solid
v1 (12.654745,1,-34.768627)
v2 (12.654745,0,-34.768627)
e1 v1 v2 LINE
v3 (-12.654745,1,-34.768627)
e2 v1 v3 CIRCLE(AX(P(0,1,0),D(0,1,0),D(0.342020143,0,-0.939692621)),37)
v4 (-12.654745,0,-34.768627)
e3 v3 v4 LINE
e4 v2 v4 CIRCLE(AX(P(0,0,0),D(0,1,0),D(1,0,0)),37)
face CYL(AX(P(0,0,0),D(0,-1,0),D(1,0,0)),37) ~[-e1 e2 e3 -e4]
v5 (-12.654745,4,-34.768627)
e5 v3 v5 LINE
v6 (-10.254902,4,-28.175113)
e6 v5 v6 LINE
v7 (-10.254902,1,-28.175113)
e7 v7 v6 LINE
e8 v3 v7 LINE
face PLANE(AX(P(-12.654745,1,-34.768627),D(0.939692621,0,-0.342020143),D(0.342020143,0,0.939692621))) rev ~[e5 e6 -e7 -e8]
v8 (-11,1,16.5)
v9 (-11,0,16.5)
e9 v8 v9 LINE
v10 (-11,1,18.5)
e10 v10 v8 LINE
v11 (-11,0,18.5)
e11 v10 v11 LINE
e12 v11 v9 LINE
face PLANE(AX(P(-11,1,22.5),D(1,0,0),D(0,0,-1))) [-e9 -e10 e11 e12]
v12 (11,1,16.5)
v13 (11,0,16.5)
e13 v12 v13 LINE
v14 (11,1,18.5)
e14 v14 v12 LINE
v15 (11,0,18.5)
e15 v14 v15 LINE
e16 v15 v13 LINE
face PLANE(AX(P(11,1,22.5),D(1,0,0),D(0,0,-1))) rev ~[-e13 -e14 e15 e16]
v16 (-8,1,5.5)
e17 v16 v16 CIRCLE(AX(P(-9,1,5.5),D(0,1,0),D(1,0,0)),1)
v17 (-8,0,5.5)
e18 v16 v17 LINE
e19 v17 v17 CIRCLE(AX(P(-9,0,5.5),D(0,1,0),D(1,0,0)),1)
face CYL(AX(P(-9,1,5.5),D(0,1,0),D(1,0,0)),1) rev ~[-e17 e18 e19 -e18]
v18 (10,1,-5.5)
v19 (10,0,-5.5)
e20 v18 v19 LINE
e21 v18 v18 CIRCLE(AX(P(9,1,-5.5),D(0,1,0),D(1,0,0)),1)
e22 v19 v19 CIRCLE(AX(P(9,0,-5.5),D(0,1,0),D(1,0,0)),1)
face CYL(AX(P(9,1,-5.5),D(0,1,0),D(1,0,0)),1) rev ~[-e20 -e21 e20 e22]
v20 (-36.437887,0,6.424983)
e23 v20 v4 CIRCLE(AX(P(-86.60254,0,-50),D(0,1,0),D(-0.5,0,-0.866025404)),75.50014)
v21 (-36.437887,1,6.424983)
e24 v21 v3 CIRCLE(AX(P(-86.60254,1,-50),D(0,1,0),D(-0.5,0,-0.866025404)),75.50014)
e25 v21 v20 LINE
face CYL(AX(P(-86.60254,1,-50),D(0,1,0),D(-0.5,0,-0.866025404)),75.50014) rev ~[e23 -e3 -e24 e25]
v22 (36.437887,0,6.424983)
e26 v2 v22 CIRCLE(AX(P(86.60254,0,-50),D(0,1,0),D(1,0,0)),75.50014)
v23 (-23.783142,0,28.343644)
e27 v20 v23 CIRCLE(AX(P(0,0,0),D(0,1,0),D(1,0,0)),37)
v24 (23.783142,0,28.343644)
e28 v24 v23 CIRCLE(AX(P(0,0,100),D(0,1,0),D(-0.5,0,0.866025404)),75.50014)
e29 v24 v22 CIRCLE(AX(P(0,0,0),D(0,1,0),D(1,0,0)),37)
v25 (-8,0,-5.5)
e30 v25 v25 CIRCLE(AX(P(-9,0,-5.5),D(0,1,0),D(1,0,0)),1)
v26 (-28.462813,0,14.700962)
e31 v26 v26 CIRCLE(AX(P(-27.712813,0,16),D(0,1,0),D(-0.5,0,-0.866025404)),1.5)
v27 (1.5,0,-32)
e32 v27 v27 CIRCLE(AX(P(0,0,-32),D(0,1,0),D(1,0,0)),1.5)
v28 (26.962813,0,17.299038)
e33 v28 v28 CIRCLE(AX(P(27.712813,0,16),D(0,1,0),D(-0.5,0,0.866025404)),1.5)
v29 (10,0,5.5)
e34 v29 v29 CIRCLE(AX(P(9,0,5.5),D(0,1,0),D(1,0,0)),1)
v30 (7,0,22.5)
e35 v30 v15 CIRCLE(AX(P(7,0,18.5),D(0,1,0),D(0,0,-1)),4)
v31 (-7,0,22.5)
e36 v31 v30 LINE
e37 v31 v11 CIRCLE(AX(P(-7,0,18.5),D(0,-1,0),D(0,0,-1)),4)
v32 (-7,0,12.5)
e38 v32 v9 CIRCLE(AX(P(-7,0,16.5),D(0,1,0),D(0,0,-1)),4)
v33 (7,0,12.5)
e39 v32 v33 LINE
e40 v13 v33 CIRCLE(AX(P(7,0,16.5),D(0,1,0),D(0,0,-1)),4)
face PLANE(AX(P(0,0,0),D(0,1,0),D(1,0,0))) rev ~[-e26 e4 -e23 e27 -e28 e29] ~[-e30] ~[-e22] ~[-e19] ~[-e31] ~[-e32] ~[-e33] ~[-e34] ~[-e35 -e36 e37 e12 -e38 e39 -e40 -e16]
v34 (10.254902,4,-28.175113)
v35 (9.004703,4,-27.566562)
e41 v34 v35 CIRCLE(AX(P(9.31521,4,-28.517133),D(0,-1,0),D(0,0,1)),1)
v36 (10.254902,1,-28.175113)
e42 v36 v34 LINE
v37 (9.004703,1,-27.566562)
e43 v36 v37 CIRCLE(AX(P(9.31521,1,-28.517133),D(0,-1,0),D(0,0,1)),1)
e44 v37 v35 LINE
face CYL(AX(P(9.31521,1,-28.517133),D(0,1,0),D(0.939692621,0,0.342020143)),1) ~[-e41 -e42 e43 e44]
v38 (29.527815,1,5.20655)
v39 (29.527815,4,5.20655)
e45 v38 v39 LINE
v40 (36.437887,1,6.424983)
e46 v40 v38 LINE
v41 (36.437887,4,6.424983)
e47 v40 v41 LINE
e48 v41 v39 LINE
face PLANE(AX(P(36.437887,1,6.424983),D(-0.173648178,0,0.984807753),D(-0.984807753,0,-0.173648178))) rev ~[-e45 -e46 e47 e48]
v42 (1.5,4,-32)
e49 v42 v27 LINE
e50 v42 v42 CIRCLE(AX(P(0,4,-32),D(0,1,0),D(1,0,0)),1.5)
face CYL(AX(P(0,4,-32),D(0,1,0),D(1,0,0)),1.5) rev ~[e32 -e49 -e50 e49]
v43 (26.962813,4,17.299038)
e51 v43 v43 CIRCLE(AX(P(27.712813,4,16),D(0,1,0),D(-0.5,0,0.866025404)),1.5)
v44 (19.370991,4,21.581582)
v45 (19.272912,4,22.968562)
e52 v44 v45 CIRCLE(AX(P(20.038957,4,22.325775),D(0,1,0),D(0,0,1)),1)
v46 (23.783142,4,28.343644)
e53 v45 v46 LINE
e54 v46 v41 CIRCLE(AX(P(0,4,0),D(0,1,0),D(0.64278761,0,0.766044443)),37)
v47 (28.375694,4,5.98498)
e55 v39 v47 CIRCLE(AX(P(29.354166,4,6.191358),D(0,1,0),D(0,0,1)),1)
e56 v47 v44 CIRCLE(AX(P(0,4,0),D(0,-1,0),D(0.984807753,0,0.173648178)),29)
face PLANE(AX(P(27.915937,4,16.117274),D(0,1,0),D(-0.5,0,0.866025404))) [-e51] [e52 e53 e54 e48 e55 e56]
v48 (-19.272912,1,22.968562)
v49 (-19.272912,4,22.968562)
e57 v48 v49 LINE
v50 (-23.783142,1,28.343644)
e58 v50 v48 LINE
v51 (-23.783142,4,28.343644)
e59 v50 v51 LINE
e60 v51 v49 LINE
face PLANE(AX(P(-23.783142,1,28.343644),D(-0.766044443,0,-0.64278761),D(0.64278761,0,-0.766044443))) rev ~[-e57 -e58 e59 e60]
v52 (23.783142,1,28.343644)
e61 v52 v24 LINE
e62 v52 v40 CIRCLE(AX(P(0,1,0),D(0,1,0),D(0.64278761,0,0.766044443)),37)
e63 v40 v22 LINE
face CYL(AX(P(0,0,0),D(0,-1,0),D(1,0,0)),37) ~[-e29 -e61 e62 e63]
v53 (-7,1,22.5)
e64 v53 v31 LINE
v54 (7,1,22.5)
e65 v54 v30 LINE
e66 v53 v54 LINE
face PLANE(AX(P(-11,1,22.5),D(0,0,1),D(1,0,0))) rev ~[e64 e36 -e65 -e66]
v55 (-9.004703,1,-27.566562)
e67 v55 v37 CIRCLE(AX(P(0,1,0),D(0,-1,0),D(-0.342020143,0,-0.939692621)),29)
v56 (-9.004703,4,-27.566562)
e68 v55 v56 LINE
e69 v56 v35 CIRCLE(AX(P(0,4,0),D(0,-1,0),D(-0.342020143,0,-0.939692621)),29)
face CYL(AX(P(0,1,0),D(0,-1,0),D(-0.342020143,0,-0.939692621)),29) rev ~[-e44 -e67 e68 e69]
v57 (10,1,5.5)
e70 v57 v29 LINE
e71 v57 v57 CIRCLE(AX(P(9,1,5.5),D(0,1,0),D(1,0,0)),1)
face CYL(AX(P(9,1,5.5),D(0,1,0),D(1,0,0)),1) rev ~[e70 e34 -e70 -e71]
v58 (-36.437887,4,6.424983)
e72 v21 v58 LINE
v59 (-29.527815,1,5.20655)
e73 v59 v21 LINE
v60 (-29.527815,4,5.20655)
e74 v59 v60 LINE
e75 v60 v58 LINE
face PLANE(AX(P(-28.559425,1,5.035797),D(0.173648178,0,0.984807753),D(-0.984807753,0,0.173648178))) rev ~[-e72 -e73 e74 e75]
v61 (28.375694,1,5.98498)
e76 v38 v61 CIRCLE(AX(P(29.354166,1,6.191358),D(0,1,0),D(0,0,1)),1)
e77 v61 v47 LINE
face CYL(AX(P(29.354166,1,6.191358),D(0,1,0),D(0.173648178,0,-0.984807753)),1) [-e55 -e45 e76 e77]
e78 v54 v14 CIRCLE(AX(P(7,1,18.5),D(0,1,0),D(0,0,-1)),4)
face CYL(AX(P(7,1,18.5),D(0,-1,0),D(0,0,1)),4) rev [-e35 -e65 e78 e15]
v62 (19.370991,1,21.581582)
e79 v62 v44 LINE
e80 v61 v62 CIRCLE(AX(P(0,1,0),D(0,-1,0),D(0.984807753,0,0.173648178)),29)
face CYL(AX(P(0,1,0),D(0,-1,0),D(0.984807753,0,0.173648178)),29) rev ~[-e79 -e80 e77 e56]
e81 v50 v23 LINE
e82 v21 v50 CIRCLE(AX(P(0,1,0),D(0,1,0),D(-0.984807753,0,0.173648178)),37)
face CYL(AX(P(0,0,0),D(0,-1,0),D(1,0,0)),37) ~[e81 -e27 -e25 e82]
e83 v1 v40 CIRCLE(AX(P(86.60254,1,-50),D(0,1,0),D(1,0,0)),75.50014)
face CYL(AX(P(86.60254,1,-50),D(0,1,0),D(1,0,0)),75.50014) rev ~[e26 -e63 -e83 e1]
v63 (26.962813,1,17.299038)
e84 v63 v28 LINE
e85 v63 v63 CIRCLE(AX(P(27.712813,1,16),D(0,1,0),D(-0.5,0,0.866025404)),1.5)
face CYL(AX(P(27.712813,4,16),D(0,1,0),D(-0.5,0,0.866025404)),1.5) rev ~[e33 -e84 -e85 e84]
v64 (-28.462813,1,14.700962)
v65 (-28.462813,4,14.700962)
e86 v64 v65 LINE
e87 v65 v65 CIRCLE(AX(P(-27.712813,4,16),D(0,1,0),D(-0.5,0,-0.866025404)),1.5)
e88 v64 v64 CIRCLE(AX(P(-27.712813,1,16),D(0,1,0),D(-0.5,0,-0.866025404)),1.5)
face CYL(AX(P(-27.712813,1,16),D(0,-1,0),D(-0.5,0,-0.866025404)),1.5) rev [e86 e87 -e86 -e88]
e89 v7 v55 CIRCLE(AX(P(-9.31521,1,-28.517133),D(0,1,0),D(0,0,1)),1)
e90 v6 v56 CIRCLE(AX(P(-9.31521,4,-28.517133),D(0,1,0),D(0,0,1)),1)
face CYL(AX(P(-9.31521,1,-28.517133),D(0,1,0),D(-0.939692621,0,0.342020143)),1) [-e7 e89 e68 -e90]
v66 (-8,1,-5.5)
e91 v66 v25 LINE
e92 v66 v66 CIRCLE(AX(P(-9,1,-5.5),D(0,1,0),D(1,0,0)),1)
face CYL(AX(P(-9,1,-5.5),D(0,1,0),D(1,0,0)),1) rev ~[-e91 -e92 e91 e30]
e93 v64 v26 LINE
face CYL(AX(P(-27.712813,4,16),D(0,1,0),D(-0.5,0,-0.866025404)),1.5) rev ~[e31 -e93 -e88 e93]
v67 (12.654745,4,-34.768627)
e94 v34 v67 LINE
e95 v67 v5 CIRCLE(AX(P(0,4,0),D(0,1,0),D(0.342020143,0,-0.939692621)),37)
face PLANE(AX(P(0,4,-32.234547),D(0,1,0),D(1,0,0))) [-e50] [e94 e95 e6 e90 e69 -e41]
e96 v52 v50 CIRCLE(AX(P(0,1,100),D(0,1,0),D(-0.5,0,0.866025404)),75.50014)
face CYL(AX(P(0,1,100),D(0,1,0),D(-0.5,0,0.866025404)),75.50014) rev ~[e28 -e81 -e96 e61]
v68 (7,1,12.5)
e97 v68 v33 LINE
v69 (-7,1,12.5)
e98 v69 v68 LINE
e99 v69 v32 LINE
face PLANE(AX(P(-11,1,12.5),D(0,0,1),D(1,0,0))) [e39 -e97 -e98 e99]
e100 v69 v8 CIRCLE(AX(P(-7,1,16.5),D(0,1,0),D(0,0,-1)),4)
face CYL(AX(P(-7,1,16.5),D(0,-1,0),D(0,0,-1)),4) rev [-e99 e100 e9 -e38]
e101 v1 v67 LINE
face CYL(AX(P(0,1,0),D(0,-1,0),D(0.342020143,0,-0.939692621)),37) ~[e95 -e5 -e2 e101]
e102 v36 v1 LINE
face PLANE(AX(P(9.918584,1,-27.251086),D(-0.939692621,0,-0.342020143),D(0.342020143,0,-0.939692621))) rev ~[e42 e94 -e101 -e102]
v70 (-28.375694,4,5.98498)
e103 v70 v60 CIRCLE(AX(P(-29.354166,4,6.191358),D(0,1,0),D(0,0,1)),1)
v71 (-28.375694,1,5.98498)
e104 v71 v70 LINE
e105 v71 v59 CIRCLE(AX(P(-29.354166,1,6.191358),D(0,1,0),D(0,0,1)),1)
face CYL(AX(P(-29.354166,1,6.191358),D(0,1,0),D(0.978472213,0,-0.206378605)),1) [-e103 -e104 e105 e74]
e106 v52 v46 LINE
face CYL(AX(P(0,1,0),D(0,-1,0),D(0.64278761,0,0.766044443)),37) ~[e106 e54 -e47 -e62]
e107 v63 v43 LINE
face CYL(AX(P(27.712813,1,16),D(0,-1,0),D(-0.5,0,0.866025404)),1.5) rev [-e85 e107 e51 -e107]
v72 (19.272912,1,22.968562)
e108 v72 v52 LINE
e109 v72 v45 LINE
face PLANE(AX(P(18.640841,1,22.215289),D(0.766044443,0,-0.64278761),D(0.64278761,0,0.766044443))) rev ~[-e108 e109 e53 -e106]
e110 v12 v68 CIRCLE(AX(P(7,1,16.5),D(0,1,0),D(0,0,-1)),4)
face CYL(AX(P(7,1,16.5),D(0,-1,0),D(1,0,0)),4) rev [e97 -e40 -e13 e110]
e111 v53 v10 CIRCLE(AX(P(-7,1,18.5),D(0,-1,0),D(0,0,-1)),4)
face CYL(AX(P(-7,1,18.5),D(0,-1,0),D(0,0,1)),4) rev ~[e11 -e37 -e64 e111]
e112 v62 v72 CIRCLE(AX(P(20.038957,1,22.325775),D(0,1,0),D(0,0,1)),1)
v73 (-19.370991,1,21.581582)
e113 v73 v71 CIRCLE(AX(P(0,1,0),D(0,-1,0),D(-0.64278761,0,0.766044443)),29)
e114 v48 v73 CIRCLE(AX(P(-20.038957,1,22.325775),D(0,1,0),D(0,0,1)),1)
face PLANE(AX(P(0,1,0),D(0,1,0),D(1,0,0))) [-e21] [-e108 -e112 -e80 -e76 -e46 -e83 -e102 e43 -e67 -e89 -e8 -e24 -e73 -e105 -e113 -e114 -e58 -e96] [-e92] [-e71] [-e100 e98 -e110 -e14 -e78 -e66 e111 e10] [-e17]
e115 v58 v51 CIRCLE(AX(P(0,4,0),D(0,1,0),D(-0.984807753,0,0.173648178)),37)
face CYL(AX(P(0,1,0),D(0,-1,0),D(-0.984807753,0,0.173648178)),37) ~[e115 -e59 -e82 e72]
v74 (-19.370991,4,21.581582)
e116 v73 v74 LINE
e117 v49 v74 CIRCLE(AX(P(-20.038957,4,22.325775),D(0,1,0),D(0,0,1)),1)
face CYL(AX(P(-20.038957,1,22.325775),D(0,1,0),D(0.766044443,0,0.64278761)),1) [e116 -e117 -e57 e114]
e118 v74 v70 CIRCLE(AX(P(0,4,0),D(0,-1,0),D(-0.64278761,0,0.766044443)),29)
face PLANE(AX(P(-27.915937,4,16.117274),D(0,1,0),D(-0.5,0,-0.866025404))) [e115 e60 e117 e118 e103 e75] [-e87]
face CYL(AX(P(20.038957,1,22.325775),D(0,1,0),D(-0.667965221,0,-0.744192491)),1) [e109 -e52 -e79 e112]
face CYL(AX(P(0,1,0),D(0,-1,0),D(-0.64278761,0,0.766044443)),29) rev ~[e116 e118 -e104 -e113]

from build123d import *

# Parameters (mm, degrees)
SKETCH1_R           = 37
BOSS_EXTRUDE1_DEPTH = 1
SKETCH2_R           = 1.5
BOSS_EXTRUDE2_DEPTH = 3
SKETCH16_R          = 1.5
CUT_EXTRUDE9_DEPTH  = 5
CIRPATTERN1_COUNT   = 3
SKETCH5_R           = 75.500139874
CUT_EXTRUDE3_DEPTH  = 2
CIRPATTERN2_COUNT   = 3
FILLET2_R           = 1
SKETCH18_R          = 1
CUT_EXTRUDE10_DEPTH = 2
SKETCH20_W          = 22
SKETCH20_H          = 10
CUT_EXTRUDE12_DEPTH = 2
FILLET3_R           = 4


with BuildPart() as part:
    # Sketch1 → Boss-Extrude1 (new body)
    with BuildSketch(Plane(origin=(0, 0, 0), x_dir=(1, 0, 0), z_dir=(0, 1, 0))):
        Circle(SKETCH1_R)
    extrude(amount=BOSS_EXTRUDE1_DEPTH)

    # Sketch2 → Boss-Extrude2 (add)
    with BuildSketch(Plane(origin=(0, 1, 0), x_dir=(1, 0, 0), z_dir=(0, 1, 0))):
        with BuildLine():
            Line((-12.654745303, 34.768626969), (-9.918584156, 27.251086003))
            ThreePointArc((-9.918584156, 27.251086003), (0, 29), (9.918584156, 27.251086003))
            Line((9.918584156, 27.251086003), (12.654745303, 34.768626969))
            ThreePointArc((12.654745303, 34.768626969), (0, 37), (-12.654745303, 34.768626969))
        make_face()
        with Locations((0, 32)):
            Circle(SKETCH2_R, mode=Mode.SUBTRACT)
    boss_extrude2 = extrude(amount=BOSS_EXTRUDE2_DEPTH)

    # Sketch16 → Cut-Extrude9 (cut, through all)
    with BuildSketch(Plane(origin=(0, 4, 0), x_dir=(1, 0, 0), z_dir=(0, 1, 0))):
        with Locations((0, 32)):
            Circle(SKETCH16_R)
    cut_extrude9 = extrude(amount=-CUT_EXTRUDE9_DEPTH, mode=Mode.SUBTRACT)

    # CirPattern1: Boss-Extrude2, Cut-Extrude9 ×3 about axis
    cirpattern1_axis = Axis((0, 0, 0), (0, 1, 0))
    for i in range(1, CIRPATTERN1_COUNT):
        add(boss_extrude2.rotate(cirpattern1_axis, i * 360 / CIRPATTERN1_COUNT))
        add(cut_extrude9.rotate(cirpattern1_axis, i * 360 / CIRPATTERN1_COUNT), mode=Mode.SUBTRACT)

    # Sketch5 → Cut-Extrude3 (cut, through all)
    with BuildSketch(Plane(origin=(0, 1, 0), x_dir=(1, 0, 0), z_dir=(0, 1, 0))):
        with Locations((86.602540378, 50)):
            Circle(SKETCH5_R)
    cut_extrude3 = extrude(amount=-CUT_EXTRUDE3_DEPTH, mode=Mode.SUBTRACT)

    # CirPattern2: Cut-Extrude3 ×3 about axis
    cirpattern2_axis = Axis((0, 0, 0), (0, 1, 0))
    for i in range(1, CIRPATTERN2_COUNT):
        add(cut_extrude3.rotate(cirpattern2_axis, i * 360 / CIRPATTERN2_COUNT), mode=Mode.SUBTRACT)

    # Fillet2
    fillet2_edges = [part.edges().sort_by_distance(p)[0] for p in [
        (-9.918584156, 2.5, -27.251086003),
        (9.918584156, 2.5, -27.251086003),
        (-18.640840681, 2.5, 22.21528885),
        (-28.559424837, 2.5, 5.035797152),
        (28.559424837, 2.5, 5.035797152),
        (18.640840681, 2.5, 22.21528885),
    ]]
    fillet(fillet2_edges, radius=FILLET2_R)

    # Sketch18 → Cut-Extrude10 (cut, through all)
    with BuildSketch(Plane(origin=(0, 1, 0), x_dir=(1, 0, 0), z_dir=(0, 1, 0))):
        with Locations((9, 5.5)):
            Circle(SKETCH18_R)
        with Locations((-9, 5.5)):
            Circle(SKETCH18_R)
        with Locations((9, -5.5)):
            Circle(SKETCH18_R)
        with Locations((-9, -5.5)):
            Circle(SKETCH18_R)
    extrude(amount=-CUT_EXTRUDE10_DEPTH, mode=Mode.SUBTRACT)

    # Sketch20 → Cut-Extrude12 (cut, through all)
    with BuildSketch(Plane(origin=(0, 1, 0), x_dir=(1, 0, 0), z_dir=(0, 1, 0))):
        with Locations((0, -17.5)):
            Rectangle(SKETCH20_W, SKETCH20_H)
    extrude(amount=-CUT_EXTRUDE12_DEPTH, mode=Mode.SUBTRACT)

    # Fillet3
    fillet3_edges = [part.edges().sort_by_distance(p)[0] for p in [
        (11, 0.5, 12.5),
        (11, 0.5, 22.5),
        (-11, 0.5, 22.5),
        (-11, 0.5, 12.5),
    ]]
    fillet(fillet3_edges, radius=FILLET3_R)


solid = part.part
